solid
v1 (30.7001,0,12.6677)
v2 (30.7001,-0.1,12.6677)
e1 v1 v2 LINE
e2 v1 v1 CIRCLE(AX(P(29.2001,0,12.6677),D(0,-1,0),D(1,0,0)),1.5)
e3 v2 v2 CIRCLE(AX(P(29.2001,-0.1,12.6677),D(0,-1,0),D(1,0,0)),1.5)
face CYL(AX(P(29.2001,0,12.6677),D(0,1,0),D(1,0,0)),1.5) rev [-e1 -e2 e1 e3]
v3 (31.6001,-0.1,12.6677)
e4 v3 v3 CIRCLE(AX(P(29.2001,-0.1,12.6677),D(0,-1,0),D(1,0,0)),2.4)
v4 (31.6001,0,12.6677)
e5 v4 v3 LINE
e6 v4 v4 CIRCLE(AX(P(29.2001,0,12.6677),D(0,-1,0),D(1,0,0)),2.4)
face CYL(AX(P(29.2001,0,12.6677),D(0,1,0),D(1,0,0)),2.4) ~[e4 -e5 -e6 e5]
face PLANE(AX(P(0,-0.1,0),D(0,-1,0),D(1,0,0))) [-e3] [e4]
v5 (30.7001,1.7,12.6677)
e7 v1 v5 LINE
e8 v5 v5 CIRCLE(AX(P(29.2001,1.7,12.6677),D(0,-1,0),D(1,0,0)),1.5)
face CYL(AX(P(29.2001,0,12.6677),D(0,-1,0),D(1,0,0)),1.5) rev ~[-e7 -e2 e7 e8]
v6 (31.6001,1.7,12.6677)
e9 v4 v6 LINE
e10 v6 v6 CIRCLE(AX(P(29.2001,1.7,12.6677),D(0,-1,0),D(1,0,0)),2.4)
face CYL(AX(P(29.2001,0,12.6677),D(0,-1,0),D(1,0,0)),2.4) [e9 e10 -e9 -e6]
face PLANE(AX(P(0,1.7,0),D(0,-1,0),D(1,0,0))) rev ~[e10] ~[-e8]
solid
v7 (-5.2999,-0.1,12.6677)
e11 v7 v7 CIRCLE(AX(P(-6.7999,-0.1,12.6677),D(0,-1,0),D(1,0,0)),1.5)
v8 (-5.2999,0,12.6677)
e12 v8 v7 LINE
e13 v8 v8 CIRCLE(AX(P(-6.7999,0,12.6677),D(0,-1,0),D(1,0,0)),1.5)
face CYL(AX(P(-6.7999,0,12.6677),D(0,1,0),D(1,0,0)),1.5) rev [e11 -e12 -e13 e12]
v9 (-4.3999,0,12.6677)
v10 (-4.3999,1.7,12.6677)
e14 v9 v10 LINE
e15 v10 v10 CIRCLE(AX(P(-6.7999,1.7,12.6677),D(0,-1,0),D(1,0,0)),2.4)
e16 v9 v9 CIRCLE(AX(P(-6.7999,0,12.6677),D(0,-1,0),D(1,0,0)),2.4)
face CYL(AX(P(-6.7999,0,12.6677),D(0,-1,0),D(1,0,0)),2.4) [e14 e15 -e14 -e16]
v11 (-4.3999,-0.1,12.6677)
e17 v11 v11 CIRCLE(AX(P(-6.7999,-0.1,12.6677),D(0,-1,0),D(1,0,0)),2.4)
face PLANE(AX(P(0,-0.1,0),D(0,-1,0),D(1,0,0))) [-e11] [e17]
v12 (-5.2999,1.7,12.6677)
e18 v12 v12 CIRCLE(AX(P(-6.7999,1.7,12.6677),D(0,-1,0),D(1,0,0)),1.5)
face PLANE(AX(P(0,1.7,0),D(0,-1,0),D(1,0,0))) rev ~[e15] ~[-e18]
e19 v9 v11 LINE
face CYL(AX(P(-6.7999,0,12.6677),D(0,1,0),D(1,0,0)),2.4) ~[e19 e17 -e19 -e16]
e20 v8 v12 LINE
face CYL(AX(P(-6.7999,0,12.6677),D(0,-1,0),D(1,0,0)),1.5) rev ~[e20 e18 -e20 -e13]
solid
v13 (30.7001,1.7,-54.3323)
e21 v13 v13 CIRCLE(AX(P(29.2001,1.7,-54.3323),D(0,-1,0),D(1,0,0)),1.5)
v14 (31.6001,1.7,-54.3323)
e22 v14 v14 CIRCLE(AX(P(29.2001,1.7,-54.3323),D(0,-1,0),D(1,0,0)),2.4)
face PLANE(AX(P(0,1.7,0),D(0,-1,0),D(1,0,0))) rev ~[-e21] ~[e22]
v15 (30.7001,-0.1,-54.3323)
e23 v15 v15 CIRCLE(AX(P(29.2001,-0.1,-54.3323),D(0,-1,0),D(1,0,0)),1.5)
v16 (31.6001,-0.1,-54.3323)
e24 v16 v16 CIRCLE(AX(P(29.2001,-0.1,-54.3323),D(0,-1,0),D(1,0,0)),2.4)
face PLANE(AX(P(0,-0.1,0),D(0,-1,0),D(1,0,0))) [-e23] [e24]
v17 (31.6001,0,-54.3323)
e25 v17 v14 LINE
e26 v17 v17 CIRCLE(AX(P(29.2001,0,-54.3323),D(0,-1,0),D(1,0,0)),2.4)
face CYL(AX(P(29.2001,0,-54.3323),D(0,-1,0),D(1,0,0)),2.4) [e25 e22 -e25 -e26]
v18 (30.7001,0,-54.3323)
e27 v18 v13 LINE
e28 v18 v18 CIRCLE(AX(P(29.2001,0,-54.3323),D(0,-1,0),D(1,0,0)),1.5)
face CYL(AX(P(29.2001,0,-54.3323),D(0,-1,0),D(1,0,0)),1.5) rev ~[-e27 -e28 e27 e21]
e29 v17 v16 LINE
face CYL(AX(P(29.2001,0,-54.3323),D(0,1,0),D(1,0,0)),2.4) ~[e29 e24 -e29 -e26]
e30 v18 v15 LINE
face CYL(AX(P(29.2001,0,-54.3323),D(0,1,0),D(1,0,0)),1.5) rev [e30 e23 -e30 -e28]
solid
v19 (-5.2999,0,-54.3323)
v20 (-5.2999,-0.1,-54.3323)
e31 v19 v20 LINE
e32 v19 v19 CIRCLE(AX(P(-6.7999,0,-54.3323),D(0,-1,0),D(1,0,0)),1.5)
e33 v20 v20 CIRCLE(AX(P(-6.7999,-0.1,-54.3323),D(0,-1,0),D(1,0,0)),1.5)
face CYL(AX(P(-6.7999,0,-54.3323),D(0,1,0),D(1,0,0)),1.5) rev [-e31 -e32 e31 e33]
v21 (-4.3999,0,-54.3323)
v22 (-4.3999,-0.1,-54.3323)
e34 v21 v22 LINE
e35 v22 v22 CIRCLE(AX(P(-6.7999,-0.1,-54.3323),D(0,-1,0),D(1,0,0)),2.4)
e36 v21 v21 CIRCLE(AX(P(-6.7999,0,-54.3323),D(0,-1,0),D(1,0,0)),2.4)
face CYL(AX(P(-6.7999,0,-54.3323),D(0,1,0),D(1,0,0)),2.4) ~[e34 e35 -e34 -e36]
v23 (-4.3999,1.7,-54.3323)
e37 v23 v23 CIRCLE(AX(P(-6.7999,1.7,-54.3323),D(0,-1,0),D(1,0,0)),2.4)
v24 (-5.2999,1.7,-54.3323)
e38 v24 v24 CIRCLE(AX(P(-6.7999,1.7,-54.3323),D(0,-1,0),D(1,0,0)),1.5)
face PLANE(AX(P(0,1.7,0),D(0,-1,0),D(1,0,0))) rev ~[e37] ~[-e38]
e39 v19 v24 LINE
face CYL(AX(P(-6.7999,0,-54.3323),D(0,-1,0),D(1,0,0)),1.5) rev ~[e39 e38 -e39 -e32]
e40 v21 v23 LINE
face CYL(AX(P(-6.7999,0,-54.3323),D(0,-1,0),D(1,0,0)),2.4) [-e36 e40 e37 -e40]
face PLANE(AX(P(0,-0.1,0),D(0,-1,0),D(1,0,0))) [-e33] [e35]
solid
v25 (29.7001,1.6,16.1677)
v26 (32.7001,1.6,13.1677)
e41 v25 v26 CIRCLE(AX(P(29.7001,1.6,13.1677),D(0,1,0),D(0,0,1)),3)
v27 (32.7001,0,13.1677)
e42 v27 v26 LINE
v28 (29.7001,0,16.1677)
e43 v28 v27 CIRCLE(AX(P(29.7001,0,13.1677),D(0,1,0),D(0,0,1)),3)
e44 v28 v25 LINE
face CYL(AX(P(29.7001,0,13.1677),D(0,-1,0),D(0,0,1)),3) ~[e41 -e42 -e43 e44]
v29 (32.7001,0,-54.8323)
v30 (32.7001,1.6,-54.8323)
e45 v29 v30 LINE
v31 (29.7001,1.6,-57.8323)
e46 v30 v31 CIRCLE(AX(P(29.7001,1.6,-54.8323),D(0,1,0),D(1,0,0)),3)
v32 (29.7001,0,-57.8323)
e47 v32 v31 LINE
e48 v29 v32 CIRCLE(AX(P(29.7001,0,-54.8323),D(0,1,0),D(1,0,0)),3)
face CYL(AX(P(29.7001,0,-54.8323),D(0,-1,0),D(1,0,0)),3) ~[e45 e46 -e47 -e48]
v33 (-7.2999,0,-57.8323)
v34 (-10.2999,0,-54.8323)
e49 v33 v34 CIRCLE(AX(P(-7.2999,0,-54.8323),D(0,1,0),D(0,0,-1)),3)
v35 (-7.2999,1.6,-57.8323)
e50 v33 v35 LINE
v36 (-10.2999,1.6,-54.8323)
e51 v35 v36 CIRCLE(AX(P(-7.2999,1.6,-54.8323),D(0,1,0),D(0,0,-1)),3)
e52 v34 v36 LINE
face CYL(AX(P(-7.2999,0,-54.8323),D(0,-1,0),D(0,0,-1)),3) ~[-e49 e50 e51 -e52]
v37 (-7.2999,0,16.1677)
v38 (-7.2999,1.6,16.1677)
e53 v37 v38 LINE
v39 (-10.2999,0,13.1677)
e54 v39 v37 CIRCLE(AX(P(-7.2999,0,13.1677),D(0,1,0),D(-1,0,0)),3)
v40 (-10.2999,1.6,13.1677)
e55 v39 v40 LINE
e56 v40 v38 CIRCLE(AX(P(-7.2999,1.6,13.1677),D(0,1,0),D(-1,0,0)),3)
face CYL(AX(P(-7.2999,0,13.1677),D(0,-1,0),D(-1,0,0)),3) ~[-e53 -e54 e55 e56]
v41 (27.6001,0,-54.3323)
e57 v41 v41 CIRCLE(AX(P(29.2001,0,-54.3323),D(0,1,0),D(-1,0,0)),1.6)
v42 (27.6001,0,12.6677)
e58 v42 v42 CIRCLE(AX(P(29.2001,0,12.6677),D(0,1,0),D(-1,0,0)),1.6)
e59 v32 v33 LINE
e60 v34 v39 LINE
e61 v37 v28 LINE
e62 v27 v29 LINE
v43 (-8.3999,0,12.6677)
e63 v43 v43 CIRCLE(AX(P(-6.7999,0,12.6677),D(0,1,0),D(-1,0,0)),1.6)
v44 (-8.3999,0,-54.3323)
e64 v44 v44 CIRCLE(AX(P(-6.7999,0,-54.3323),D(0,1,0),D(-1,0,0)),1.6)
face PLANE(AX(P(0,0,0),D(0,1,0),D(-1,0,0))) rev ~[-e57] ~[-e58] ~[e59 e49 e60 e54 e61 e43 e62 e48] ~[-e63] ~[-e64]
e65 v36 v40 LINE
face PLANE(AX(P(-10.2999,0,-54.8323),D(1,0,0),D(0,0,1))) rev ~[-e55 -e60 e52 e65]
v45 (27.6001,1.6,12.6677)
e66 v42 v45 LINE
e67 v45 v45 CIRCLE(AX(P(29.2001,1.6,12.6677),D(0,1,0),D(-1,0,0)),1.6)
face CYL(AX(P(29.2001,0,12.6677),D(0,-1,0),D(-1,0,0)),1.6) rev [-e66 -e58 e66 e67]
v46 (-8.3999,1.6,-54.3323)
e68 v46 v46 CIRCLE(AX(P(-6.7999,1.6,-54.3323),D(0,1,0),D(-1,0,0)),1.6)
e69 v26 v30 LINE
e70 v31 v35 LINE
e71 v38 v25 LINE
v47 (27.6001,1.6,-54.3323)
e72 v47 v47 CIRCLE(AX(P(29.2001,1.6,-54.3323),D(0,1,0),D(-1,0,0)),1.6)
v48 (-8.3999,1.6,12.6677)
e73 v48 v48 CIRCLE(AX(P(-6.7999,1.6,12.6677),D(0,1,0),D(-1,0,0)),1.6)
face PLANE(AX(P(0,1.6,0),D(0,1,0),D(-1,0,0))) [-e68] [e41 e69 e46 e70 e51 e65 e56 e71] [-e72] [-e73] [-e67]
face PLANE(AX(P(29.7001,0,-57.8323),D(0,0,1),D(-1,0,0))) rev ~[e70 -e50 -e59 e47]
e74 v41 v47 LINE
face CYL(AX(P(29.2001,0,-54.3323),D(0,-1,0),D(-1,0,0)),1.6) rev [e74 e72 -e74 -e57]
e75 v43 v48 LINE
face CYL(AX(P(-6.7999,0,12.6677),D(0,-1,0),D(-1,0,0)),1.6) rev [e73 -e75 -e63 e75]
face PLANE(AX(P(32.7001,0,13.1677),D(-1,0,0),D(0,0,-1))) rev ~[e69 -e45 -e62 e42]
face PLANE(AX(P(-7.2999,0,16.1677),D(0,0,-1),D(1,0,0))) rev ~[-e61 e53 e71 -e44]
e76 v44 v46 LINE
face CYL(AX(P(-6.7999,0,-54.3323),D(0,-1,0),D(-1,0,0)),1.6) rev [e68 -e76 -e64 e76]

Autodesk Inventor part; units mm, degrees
ref_plane "YZ Plane" through (0, 0, 0) normal (1, 0, 0) x (0, 1, 0)
ref_plane "XZ Plane" through (0, 0, 0) normal (0, 1, 0) x (-1, 0, 0)
ref_plane "XY Plane" through (0, 0, 0) normal (0, 0, 1) x (1, 0, 0)
sketch "Sketch1" plane through (0, 0, 0) normal (0, 1, 0) x (-1, 0, 0)
  line L0 (7.2999, 16.1677) -> (-29.7001, 16.1677)
  line L1 (-32.7001, 13.1677) -> (-32.7001, -54.8323)
  line L2 (-29.7001, -57.8323) -> (7.2999, -57.8323)
  line L3 (10.2999, -54.8323) -> (10.2999, 13.1677)
  circle A0 centre (6.7999, 12.6677) radius 1.6
  circle A1 centre (-29.2001, 12.6677) radius 1.6
  circle A2 centre (-29.2001, -54.3323) radius 1.6
  circle A3 centre (6.7999, -54.3323) radius 1.6
  arc A4 (10.2999, 13.1677) -> (7.2999, 16.1677) centre (7.2999, 13.1677) ccw
  arc A5 (-29.7001, 16.1677) -> (-32.7001, 13.1677) centre (-29.7001, 13.1677) ccw
  arc A6 (-32.7001, -54.8323) -> (-29.7001, -57.8323) centre (-29.7001, -54.8323) ccw
  arc A7 (7.2999, -57.8323) -> (10.2999, -54.8323) centre (7.2999, -54.8323) ccw
  point P0 (0, 0)
  point P1 (-32.7001, -57.8323)
  point P2 (-32.7001, 16.1677)
  point P3 (10.2999, -57.8323)
  dimension "d0" = 43
  dimension "d1" = 74
  dimension "d6" = 3.2
  dimension "d7" = 3.2
  dimension "d8" = 3.2
  dimension "d9" = 3.2
  dimension "d10" = 3
  dimension "d33" = 67
  dimension "d34" = 36
  dimension "d35" = 36
extrude "Extrusion1" add sketch "Sketch1" along normal blind 1.6
sketch "Sketch2" plane through (0, 0, 0) normal (0, -1, 0) x (1, 0, 0)
  line L0 (32.7001, -54.8323) -> (32.7001, 13.1677) projected
  line L1 (29.7001, 16.1677) -> (-7.2999, 16.1677) projected
  line L2 (-7.2999, -57.8323) -> (29.7001, -57.8323) projected
  line L3 (32.7001, 16.1677) -> (32.7001, -57.8323) construction
  line L4 (32.7001, -57.8323) -> (-10.3024, -57.8323) construction
  line L5 (-10.3024, -57.8323) -> (-10.3024, 16.1677) construction
  line L6 (-10.3024, 16.1677) -> (32.7001, 16.1677) construction
  point P0 (0, 0)
decal "Decal2"
sketch "Sketch3" plane through (0, 0, 0) normal (0, -1, 0) x (1, 0, 0)
  circle A0 centre (29.2001, 12.6677) radius 1.6 projected
  circle A1 centre (29.2001, 12.6677) radius 2.4
  circle A2 centre (-6.7999, 12.6677) radius 1.6 projected
  circle A3 centre (-6.7999, 12.6677) radius 2.4
  circle A4 centre (-6.7999, -54.3323) radius 1.6 projected
  circle A5 centre (-6.7999, -54.3323) radius 2.4
  circle A6 centre (29.2001, -54.3323) radius 2.4
  circle A7 centre (29.2001, 12.6677) radius 1.5
  circle A8 centre (-6.7999, 12.6677) radius 1.5
  circle A9 centre (-6.7999, -54.3323) radius 1.5
  circle A10 centre (29.2001, -54.3323) radius 1.5
  point P0 (0, 0)
  dimension "d57" = 4.8
  dimension "d58" = 4.8
  dimension "d59" = 4.8
  dimension "d60" = 4.8
  dimension "d61" = 3
  dimension "d62" = 3
  dimension "d63" = 3
  dimension "d64" = 3
extrude "Extrusion2" add sketch "Sketch3" along normal blind 0.1 and the other way blind 1.7 separate body contours A0 | A1 | A2 | A3 | A4 | A5 | A6
properties part number "NX3224T024_011_PCB" material "ABS Plastic"
